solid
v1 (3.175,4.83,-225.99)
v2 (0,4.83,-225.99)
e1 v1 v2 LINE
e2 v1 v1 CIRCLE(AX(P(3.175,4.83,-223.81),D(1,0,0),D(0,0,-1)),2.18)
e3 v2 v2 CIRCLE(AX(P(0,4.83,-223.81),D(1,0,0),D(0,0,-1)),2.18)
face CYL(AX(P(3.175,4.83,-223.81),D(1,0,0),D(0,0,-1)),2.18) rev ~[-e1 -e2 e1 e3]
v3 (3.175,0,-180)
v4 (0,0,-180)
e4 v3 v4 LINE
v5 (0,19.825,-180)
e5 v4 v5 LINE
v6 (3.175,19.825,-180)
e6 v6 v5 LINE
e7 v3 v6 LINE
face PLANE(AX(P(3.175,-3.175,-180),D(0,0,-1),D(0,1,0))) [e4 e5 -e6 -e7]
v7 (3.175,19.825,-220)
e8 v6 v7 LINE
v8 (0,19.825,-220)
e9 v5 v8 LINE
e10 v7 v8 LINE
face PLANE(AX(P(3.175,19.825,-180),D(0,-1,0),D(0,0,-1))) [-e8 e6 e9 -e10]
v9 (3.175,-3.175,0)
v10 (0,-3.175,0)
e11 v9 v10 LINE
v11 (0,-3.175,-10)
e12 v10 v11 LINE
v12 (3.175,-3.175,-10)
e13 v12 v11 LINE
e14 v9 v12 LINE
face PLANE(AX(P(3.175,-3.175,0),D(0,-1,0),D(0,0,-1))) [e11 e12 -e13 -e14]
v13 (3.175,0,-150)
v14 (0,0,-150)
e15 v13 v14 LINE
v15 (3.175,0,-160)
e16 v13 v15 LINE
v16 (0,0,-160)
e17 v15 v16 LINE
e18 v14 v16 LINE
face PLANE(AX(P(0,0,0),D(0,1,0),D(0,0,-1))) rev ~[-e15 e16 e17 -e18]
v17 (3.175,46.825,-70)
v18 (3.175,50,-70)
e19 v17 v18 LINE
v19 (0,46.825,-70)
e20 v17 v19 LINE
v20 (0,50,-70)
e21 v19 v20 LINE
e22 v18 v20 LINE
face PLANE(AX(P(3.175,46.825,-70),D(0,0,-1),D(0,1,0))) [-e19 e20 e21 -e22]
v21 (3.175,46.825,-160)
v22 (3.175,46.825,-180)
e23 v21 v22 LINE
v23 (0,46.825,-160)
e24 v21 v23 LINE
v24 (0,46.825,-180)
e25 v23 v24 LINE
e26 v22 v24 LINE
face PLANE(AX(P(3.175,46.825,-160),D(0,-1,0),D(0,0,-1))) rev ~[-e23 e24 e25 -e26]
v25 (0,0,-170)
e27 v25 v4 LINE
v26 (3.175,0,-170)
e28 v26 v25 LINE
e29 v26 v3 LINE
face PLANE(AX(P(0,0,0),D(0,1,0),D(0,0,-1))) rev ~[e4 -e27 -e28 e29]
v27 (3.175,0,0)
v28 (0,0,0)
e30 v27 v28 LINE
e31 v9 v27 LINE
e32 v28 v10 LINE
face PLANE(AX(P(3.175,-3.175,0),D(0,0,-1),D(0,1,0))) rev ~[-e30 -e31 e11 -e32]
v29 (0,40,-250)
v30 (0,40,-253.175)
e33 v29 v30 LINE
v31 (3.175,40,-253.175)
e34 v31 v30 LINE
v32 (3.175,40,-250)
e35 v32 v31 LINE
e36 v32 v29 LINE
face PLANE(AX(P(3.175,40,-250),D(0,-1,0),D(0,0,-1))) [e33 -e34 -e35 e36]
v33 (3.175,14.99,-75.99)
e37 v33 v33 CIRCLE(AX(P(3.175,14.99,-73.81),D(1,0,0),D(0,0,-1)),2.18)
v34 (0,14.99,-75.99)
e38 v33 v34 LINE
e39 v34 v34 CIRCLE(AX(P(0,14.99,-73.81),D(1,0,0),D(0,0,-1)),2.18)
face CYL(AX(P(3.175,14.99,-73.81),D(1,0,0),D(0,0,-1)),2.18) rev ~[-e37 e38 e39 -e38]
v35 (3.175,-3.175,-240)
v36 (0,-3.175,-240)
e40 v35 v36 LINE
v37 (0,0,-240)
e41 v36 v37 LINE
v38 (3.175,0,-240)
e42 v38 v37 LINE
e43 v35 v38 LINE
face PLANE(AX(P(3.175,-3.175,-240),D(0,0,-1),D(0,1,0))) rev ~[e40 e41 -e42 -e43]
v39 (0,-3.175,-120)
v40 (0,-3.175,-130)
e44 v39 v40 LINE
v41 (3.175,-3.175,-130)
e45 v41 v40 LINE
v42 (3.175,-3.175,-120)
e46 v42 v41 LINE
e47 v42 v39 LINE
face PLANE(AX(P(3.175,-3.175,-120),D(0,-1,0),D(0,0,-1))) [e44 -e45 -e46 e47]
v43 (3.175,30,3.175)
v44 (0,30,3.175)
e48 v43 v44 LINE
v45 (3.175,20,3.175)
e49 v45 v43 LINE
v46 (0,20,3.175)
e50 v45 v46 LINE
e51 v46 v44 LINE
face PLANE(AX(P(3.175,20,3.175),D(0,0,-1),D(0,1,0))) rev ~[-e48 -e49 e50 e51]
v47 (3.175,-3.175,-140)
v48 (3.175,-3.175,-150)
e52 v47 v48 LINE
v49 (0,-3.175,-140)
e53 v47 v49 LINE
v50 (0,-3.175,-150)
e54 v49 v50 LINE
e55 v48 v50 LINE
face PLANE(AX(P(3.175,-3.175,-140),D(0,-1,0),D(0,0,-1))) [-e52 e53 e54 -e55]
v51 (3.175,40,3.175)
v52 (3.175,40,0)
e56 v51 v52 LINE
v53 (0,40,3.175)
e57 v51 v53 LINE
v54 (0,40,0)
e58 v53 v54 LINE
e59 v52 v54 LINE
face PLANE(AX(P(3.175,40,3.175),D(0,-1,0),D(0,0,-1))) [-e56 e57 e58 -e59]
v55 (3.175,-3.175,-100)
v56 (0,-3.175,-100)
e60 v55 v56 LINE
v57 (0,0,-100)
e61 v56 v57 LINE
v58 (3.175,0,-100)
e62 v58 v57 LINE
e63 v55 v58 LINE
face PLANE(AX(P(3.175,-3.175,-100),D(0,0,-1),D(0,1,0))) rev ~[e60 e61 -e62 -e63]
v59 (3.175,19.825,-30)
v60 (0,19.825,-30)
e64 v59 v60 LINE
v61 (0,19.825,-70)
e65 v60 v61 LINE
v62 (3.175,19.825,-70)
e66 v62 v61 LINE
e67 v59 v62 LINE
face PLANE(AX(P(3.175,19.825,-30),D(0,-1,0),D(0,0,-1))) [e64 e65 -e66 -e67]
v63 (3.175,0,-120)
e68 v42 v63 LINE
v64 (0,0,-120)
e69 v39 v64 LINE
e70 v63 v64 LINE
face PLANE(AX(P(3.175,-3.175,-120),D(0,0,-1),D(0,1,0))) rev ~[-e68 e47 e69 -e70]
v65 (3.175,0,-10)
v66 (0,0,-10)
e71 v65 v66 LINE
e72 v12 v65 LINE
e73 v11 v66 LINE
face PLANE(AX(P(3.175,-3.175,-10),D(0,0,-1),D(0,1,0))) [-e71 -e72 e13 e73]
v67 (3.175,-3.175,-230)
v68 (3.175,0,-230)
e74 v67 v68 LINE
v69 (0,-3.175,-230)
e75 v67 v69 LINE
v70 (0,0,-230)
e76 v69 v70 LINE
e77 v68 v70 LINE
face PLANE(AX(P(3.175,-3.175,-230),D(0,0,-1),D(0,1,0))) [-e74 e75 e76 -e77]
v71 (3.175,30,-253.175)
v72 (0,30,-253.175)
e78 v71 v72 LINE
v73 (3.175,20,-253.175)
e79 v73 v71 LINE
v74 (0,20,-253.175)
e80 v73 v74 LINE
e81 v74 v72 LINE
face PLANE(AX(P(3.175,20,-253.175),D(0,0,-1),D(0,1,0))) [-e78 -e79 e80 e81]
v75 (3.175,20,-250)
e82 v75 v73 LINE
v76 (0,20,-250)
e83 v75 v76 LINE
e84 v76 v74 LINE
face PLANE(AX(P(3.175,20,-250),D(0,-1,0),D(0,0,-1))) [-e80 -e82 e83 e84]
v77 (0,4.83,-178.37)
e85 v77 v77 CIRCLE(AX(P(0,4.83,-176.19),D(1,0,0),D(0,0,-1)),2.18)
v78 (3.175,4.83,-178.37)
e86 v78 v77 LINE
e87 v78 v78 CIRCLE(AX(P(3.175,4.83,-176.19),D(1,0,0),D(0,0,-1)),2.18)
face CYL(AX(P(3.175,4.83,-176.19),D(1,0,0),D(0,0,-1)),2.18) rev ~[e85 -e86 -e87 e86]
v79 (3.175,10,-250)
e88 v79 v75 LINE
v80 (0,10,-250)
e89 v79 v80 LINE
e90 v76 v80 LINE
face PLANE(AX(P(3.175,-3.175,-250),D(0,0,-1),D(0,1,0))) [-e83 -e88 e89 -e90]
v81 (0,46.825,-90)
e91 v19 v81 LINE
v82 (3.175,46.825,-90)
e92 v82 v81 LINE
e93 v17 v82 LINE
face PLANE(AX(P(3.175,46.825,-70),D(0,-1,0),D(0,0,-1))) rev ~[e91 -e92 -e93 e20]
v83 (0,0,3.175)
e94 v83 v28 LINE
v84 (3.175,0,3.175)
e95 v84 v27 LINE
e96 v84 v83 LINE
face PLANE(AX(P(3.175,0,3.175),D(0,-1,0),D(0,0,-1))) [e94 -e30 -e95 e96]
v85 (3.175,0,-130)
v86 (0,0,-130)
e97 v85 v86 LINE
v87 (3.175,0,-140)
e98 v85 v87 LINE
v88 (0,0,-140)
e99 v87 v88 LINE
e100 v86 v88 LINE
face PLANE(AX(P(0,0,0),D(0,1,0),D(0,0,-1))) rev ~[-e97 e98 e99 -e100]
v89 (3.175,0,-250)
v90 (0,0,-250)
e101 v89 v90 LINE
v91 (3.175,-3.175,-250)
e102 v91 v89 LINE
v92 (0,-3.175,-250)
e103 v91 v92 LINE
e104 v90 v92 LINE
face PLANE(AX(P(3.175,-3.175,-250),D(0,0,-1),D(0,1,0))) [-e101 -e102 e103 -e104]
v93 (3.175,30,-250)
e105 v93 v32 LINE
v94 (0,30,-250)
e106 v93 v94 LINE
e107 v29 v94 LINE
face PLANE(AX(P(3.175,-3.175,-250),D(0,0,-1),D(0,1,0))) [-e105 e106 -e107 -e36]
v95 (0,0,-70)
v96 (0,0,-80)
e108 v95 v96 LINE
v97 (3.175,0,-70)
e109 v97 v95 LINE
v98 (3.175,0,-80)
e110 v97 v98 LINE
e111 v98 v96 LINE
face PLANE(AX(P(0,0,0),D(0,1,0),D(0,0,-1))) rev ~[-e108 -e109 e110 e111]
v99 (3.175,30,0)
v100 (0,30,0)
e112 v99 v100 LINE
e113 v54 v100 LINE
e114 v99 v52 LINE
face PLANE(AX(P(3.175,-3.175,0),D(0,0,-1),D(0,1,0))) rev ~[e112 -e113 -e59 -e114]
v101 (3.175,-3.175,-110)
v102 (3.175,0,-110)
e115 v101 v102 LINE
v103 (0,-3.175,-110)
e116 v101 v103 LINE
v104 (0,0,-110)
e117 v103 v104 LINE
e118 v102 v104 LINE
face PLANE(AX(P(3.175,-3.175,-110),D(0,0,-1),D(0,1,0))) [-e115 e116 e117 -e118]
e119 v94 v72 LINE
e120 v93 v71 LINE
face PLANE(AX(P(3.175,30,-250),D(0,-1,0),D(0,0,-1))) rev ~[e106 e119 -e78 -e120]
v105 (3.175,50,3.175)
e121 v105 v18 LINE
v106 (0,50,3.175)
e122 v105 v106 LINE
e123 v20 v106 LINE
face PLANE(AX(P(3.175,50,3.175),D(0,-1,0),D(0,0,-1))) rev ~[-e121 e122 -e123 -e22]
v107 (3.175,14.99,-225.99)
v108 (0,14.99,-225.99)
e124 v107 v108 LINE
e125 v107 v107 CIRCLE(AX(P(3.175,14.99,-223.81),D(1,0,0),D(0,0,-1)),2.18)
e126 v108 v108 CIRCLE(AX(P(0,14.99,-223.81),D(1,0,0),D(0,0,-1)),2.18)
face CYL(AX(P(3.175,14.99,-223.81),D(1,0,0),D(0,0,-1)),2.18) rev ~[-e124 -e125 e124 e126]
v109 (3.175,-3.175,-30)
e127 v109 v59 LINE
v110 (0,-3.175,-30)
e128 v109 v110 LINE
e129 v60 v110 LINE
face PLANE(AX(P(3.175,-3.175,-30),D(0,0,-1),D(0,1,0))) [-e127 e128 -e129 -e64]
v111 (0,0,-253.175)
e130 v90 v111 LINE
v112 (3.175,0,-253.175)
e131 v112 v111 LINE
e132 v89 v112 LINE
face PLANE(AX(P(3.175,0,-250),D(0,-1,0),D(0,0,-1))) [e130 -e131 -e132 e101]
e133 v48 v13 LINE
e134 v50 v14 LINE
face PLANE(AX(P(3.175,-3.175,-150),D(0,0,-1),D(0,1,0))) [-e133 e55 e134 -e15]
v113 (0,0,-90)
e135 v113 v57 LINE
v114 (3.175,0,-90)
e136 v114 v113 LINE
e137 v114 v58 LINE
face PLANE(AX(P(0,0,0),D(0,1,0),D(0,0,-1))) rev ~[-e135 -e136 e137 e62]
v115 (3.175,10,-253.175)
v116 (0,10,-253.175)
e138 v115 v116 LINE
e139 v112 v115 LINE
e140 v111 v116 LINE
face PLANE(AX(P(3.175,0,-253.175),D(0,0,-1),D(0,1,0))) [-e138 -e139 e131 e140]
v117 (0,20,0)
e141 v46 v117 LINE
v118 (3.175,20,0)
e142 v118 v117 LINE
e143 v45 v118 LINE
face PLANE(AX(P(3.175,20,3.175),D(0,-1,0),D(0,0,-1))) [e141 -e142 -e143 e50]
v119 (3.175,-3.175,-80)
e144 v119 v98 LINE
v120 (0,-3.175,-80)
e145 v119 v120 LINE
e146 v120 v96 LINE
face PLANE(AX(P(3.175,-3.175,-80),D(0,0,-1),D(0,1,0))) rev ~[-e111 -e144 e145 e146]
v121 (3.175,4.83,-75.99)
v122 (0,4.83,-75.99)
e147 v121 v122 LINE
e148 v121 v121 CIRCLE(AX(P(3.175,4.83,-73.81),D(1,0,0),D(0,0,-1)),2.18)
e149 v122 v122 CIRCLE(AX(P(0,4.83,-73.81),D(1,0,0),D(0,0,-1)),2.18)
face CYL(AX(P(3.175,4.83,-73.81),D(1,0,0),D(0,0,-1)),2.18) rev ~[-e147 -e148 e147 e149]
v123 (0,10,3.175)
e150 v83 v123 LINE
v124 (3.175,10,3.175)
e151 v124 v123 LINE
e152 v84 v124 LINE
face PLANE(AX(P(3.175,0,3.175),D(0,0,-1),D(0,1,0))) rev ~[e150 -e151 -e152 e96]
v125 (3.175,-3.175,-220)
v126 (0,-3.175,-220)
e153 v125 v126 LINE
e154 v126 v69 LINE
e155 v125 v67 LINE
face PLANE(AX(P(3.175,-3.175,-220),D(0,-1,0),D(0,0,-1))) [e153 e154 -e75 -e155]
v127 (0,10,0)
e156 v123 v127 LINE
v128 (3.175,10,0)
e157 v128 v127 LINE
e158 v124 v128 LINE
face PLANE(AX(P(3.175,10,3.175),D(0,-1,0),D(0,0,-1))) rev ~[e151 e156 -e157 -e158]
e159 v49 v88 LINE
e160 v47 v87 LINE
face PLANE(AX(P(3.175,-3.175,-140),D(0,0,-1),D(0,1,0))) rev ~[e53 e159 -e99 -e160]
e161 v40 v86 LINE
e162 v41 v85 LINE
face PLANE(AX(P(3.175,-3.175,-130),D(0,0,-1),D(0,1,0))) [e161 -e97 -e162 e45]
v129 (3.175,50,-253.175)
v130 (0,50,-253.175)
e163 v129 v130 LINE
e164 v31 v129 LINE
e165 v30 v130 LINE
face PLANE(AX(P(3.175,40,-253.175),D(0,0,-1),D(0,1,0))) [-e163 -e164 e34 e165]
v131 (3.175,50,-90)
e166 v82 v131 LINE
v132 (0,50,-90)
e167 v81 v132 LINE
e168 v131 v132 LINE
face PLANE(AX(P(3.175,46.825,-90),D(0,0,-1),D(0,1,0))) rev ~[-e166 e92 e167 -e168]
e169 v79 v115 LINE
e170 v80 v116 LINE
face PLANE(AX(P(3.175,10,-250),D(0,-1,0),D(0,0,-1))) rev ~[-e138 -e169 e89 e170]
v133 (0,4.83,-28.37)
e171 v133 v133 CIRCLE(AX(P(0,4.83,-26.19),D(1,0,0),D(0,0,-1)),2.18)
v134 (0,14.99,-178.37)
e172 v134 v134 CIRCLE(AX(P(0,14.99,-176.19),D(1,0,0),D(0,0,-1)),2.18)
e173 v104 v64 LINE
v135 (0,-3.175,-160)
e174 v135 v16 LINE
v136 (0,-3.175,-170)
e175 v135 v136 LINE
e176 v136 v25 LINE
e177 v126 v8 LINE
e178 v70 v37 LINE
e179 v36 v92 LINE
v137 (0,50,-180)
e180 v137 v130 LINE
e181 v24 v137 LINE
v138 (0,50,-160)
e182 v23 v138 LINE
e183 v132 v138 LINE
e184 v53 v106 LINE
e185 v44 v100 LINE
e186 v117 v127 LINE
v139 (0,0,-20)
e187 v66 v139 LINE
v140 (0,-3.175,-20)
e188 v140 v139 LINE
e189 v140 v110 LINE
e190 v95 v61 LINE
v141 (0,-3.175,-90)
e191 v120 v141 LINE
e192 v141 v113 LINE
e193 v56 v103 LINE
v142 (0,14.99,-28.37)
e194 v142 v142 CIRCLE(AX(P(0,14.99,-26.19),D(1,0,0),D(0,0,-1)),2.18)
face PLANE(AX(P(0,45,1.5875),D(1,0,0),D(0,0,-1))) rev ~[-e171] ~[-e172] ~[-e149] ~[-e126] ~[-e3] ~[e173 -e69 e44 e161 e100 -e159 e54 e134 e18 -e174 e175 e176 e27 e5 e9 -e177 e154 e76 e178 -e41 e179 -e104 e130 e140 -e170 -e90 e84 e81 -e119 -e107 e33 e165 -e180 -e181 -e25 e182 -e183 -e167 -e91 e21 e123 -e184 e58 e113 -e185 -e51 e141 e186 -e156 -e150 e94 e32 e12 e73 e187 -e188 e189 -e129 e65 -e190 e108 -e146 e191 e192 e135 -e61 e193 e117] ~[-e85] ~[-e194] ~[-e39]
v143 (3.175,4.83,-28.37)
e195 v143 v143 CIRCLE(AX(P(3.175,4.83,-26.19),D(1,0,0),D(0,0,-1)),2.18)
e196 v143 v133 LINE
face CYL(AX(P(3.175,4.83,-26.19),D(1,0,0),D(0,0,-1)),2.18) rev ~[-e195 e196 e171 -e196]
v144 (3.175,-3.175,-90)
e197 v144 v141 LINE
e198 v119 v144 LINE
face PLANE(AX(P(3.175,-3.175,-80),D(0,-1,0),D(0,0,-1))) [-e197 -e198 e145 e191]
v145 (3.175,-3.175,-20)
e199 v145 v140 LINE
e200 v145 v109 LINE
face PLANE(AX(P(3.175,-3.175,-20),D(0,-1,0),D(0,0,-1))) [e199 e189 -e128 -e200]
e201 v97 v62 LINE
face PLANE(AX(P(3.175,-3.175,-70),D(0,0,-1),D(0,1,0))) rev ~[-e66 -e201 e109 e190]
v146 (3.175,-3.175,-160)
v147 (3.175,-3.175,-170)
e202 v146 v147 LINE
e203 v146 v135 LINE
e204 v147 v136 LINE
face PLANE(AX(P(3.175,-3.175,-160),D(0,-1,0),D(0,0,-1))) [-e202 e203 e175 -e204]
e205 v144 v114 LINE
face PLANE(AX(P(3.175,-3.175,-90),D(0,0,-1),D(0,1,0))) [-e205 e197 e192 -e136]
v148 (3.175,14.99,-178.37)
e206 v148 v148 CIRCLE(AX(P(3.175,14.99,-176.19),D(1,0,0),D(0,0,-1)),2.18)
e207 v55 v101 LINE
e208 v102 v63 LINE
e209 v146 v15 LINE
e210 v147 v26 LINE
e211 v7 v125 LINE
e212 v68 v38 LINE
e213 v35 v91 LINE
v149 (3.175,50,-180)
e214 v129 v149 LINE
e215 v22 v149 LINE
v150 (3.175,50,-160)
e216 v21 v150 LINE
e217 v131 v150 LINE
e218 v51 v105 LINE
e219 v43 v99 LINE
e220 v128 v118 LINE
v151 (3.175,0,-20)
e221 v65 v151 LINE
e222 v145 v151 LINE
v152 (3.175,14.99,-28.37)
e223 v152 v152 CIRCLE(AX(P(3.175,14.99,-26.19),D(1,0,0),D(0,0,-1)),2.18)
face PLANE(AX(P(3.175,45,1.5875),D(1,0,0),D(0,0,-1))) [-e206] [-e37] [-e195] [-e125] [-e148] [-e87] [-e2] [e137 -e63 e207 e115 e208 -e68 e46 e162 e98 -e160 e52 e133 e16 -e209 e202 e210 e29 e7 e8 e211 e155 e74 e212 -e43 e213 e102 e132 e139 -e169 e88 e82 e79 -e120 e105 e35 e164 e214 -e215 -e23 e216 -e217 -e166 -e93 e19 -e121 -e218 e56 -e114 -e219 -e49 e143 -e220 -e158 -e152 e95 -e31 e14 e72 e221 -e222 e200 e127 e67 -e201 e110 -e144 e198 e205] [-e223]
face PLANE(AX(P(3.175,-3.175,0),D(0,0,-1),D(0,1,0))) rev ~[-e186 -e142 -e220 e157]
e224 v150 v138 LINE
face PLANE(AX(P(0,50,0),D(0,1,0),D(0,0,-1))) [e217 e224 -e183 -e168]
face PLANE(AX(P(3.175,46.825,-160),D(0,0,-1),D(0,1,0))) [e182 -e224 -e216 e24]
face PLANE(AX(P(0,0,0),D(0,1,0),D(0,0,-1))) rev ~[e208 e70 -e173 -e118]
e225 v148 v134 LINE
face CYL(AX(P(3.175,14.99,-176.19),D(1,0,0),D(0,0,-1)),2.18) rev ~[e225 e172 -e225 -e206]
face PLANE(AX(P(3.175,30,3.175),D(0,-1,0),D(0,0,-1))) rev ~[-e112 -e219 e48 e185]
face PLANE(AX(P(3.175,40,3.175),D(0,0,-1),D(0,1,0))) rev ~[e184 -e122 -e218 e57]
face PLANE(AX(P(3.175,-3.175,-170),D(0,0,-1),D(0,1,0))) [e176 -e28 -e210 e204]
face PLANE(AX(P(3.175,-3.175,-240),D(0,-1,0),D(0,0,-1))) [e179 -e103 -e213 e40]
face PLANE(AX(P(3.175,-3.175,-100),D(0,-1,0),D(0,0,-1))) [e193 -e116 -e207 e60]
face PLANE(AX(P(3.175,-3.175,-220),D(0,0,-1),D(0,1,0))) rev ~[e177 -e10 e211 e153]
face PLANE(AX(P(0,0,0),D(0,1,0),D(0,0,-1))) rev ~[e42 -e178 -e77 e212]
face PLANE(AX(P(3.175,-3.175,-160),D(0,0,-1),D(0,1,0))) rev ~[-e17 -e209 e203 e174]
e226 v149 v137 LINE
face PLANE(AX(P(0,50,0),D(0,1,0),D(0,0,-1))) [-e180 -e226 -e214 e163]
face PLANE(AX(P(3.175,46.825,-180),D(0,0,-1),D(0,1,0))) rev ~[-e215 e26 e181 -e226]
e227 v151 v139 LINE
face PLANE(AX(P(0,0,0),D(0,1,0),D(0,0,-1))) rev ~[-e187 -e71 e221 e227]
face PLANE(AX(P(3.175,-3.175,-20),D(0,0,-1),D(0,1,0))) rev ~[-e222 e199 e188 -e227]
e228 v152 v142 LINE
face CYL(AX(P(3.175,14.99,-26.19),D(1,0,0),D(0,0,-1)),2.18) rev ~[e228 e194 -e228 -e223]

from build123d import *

# Parameters (mm, degrees)
ESQUISSE1_W                = 250
ESQUISSE1_H                = 50
BOSS_EXTRU_1_DEPTH         = 3.175
ESQUISSE2_W                = 10
ESQUISSE2_H                = 3.175
BOSS_EXTRU_2_DEPTH         = 3.175
R_P_TITION_LIN_AIRE1_COUNT = 13
R_P_TITION_LIN_AIRE1_PITCH = 20
ESQUISSE4_W                = 40
ESQUISSE4_H                = 23
ESQUISSE4_W_2              = 20
ESQUISSE4_H_2              = 3.175
ENL_V_MAT_EXTRU_1_DEPTH    = 3.175
ESQUISSE5_W                = 3.175
ESQUISSE5_H                = 10
BOSS_EXTRU_3_DEPTH         = 3.175
R_P_TITION_LIN_AIRE2_COUNT = 3
R_P_TITION_LIN_AIRE2_PITCH = 20
ESQUISSE6_R                = 2.18
ENL_V_MAT_EXTRU_2_DEPTH    = 10


with BuildPart() as part:
    # Esquisse1 → Boss.-Extru.1 (new body)
    with BuildSketch(Plane(origin=(0, 0, 0), x_dir=(0, 0, -1), z_dir=(1, 0, 0))):
        with Locations((125, 25)):
            Rectangle(ESQUISSE1_W, ESQUISSE1_H)
    extrude(amount=BOSS_EXTRU_1_DEPTH)

    # Esquisse2 → Boss.-Extru.2 (add)
    with BuildSketch(Plane(origin=(3.175, 0, 0), x_dir=(0, 0, -1), z_dir=(1, 0, 0))):
        with Locations((5, -1.5875)):
            Rectangle(ESQUISSE2_W, ESQUISSE2_H)
    boss_extru_2 = extrude(amount=-BOSS_EXTRU_2_DEPTH)

    # Répétition linéaire1: Boss.-Extru.2 ×13
    with Locations(*[(0, 0, -i * R_P_TITION_LIN_AIRE1_PITCH) for i in range(1, R_P_TITION_LIN_AIRE1_COUNT)]):
        add(boss_extru_2)

    # Esquisse4 → Enlèv. mat.-Extru.1 (cut)
    with BuildSketch(Plane(origin=(3.175, 0, 0), x_dir=(0, 0, -1), z_dir=(1, 0, 0))):
        with Locations((50, 8.325)):
            Rectangle(ESQUISSE4_W, ESQUISSE4_H)
        with Locations((200, 8.325)):
            Rectangle(ESQUISSE4_W, ESQUISSE4_H)
        with Locations((80, 48.4125)):
            Rectangle(ESQUISSE4_W_2, ESQUISSE4_H_2)
        with Locations((170, 48.4125)):
            Rectangle(ESQUISSE4_W_2, ESQUISSE4_H_2)
    extrude(amount=-ENL_V_MAT_EXTRU_1_DEPTH, mode=Mode.SUBTRACT)

    # Esquisse5 → Boss.-Extru.3 (add)
    with BuildSketch(Plane(origin=(3.175, 0, 0), x_dir=(0, 0, -1), z_dir=(1, 0, 0))):
        with Locations((-1.5875, 45)):
            Rectangle(ESQUISSE5_W, ESQUISSE5_H)
        with Locations((251.5875, 45)):
            Rectangle(ESQUISSE5_W, ESQUISSE5_H)
    boss_extru_3 = extrude(amount=-BOSS_EXTRU_3_DEPTH)

    # Répétition linéaire2: Boss.-Extru.3 ×3
    with Locations(*[(0, -i * R_P_TITION_LIN_AIRE2_PITCH, 0) for i in range(1, R_P_TITION_LIN_AIRE2_COUNT)]):
        add(boss_extru_3)

    # Esquisse6 → Enlèv. mat.-Extru.2 (cut)
    with BuildSketch(Plane(origin=(3.175, 0, 0), x_dir=(0, 0, -1), z_dir=(1, 0, 0))):
        with Locations((73.81, 14.99)):
            Circle(ESQUISSE6_R)
        with Locations((73.81, 4.83)):
            Circle(ESQUISSE6_R)
        with Locations((26.19, 14.99)):
            Circle(ESQUISSE6_R)
        with Locations((26.19, 4.83)):
            Circle(ESQUISSE6_R)
        with Locations((176.19, 14.99)):
            Circle(ESQUISSE6_R)
        with Locations((176.19, 4.83)):
            Circle(ESQUISSE6_R)
        with Locations((223.81, 4.83)):
            Circle(ESQUISSE6_R)
        with Locations((223.81, 14.99)):
            Circle(ESQUISSE6_R)
    extrude(amount=-ENL_V_MAT_EXTRU_2_DEPTH, mode=Mode.SUBTRACT)


solid = part.part
